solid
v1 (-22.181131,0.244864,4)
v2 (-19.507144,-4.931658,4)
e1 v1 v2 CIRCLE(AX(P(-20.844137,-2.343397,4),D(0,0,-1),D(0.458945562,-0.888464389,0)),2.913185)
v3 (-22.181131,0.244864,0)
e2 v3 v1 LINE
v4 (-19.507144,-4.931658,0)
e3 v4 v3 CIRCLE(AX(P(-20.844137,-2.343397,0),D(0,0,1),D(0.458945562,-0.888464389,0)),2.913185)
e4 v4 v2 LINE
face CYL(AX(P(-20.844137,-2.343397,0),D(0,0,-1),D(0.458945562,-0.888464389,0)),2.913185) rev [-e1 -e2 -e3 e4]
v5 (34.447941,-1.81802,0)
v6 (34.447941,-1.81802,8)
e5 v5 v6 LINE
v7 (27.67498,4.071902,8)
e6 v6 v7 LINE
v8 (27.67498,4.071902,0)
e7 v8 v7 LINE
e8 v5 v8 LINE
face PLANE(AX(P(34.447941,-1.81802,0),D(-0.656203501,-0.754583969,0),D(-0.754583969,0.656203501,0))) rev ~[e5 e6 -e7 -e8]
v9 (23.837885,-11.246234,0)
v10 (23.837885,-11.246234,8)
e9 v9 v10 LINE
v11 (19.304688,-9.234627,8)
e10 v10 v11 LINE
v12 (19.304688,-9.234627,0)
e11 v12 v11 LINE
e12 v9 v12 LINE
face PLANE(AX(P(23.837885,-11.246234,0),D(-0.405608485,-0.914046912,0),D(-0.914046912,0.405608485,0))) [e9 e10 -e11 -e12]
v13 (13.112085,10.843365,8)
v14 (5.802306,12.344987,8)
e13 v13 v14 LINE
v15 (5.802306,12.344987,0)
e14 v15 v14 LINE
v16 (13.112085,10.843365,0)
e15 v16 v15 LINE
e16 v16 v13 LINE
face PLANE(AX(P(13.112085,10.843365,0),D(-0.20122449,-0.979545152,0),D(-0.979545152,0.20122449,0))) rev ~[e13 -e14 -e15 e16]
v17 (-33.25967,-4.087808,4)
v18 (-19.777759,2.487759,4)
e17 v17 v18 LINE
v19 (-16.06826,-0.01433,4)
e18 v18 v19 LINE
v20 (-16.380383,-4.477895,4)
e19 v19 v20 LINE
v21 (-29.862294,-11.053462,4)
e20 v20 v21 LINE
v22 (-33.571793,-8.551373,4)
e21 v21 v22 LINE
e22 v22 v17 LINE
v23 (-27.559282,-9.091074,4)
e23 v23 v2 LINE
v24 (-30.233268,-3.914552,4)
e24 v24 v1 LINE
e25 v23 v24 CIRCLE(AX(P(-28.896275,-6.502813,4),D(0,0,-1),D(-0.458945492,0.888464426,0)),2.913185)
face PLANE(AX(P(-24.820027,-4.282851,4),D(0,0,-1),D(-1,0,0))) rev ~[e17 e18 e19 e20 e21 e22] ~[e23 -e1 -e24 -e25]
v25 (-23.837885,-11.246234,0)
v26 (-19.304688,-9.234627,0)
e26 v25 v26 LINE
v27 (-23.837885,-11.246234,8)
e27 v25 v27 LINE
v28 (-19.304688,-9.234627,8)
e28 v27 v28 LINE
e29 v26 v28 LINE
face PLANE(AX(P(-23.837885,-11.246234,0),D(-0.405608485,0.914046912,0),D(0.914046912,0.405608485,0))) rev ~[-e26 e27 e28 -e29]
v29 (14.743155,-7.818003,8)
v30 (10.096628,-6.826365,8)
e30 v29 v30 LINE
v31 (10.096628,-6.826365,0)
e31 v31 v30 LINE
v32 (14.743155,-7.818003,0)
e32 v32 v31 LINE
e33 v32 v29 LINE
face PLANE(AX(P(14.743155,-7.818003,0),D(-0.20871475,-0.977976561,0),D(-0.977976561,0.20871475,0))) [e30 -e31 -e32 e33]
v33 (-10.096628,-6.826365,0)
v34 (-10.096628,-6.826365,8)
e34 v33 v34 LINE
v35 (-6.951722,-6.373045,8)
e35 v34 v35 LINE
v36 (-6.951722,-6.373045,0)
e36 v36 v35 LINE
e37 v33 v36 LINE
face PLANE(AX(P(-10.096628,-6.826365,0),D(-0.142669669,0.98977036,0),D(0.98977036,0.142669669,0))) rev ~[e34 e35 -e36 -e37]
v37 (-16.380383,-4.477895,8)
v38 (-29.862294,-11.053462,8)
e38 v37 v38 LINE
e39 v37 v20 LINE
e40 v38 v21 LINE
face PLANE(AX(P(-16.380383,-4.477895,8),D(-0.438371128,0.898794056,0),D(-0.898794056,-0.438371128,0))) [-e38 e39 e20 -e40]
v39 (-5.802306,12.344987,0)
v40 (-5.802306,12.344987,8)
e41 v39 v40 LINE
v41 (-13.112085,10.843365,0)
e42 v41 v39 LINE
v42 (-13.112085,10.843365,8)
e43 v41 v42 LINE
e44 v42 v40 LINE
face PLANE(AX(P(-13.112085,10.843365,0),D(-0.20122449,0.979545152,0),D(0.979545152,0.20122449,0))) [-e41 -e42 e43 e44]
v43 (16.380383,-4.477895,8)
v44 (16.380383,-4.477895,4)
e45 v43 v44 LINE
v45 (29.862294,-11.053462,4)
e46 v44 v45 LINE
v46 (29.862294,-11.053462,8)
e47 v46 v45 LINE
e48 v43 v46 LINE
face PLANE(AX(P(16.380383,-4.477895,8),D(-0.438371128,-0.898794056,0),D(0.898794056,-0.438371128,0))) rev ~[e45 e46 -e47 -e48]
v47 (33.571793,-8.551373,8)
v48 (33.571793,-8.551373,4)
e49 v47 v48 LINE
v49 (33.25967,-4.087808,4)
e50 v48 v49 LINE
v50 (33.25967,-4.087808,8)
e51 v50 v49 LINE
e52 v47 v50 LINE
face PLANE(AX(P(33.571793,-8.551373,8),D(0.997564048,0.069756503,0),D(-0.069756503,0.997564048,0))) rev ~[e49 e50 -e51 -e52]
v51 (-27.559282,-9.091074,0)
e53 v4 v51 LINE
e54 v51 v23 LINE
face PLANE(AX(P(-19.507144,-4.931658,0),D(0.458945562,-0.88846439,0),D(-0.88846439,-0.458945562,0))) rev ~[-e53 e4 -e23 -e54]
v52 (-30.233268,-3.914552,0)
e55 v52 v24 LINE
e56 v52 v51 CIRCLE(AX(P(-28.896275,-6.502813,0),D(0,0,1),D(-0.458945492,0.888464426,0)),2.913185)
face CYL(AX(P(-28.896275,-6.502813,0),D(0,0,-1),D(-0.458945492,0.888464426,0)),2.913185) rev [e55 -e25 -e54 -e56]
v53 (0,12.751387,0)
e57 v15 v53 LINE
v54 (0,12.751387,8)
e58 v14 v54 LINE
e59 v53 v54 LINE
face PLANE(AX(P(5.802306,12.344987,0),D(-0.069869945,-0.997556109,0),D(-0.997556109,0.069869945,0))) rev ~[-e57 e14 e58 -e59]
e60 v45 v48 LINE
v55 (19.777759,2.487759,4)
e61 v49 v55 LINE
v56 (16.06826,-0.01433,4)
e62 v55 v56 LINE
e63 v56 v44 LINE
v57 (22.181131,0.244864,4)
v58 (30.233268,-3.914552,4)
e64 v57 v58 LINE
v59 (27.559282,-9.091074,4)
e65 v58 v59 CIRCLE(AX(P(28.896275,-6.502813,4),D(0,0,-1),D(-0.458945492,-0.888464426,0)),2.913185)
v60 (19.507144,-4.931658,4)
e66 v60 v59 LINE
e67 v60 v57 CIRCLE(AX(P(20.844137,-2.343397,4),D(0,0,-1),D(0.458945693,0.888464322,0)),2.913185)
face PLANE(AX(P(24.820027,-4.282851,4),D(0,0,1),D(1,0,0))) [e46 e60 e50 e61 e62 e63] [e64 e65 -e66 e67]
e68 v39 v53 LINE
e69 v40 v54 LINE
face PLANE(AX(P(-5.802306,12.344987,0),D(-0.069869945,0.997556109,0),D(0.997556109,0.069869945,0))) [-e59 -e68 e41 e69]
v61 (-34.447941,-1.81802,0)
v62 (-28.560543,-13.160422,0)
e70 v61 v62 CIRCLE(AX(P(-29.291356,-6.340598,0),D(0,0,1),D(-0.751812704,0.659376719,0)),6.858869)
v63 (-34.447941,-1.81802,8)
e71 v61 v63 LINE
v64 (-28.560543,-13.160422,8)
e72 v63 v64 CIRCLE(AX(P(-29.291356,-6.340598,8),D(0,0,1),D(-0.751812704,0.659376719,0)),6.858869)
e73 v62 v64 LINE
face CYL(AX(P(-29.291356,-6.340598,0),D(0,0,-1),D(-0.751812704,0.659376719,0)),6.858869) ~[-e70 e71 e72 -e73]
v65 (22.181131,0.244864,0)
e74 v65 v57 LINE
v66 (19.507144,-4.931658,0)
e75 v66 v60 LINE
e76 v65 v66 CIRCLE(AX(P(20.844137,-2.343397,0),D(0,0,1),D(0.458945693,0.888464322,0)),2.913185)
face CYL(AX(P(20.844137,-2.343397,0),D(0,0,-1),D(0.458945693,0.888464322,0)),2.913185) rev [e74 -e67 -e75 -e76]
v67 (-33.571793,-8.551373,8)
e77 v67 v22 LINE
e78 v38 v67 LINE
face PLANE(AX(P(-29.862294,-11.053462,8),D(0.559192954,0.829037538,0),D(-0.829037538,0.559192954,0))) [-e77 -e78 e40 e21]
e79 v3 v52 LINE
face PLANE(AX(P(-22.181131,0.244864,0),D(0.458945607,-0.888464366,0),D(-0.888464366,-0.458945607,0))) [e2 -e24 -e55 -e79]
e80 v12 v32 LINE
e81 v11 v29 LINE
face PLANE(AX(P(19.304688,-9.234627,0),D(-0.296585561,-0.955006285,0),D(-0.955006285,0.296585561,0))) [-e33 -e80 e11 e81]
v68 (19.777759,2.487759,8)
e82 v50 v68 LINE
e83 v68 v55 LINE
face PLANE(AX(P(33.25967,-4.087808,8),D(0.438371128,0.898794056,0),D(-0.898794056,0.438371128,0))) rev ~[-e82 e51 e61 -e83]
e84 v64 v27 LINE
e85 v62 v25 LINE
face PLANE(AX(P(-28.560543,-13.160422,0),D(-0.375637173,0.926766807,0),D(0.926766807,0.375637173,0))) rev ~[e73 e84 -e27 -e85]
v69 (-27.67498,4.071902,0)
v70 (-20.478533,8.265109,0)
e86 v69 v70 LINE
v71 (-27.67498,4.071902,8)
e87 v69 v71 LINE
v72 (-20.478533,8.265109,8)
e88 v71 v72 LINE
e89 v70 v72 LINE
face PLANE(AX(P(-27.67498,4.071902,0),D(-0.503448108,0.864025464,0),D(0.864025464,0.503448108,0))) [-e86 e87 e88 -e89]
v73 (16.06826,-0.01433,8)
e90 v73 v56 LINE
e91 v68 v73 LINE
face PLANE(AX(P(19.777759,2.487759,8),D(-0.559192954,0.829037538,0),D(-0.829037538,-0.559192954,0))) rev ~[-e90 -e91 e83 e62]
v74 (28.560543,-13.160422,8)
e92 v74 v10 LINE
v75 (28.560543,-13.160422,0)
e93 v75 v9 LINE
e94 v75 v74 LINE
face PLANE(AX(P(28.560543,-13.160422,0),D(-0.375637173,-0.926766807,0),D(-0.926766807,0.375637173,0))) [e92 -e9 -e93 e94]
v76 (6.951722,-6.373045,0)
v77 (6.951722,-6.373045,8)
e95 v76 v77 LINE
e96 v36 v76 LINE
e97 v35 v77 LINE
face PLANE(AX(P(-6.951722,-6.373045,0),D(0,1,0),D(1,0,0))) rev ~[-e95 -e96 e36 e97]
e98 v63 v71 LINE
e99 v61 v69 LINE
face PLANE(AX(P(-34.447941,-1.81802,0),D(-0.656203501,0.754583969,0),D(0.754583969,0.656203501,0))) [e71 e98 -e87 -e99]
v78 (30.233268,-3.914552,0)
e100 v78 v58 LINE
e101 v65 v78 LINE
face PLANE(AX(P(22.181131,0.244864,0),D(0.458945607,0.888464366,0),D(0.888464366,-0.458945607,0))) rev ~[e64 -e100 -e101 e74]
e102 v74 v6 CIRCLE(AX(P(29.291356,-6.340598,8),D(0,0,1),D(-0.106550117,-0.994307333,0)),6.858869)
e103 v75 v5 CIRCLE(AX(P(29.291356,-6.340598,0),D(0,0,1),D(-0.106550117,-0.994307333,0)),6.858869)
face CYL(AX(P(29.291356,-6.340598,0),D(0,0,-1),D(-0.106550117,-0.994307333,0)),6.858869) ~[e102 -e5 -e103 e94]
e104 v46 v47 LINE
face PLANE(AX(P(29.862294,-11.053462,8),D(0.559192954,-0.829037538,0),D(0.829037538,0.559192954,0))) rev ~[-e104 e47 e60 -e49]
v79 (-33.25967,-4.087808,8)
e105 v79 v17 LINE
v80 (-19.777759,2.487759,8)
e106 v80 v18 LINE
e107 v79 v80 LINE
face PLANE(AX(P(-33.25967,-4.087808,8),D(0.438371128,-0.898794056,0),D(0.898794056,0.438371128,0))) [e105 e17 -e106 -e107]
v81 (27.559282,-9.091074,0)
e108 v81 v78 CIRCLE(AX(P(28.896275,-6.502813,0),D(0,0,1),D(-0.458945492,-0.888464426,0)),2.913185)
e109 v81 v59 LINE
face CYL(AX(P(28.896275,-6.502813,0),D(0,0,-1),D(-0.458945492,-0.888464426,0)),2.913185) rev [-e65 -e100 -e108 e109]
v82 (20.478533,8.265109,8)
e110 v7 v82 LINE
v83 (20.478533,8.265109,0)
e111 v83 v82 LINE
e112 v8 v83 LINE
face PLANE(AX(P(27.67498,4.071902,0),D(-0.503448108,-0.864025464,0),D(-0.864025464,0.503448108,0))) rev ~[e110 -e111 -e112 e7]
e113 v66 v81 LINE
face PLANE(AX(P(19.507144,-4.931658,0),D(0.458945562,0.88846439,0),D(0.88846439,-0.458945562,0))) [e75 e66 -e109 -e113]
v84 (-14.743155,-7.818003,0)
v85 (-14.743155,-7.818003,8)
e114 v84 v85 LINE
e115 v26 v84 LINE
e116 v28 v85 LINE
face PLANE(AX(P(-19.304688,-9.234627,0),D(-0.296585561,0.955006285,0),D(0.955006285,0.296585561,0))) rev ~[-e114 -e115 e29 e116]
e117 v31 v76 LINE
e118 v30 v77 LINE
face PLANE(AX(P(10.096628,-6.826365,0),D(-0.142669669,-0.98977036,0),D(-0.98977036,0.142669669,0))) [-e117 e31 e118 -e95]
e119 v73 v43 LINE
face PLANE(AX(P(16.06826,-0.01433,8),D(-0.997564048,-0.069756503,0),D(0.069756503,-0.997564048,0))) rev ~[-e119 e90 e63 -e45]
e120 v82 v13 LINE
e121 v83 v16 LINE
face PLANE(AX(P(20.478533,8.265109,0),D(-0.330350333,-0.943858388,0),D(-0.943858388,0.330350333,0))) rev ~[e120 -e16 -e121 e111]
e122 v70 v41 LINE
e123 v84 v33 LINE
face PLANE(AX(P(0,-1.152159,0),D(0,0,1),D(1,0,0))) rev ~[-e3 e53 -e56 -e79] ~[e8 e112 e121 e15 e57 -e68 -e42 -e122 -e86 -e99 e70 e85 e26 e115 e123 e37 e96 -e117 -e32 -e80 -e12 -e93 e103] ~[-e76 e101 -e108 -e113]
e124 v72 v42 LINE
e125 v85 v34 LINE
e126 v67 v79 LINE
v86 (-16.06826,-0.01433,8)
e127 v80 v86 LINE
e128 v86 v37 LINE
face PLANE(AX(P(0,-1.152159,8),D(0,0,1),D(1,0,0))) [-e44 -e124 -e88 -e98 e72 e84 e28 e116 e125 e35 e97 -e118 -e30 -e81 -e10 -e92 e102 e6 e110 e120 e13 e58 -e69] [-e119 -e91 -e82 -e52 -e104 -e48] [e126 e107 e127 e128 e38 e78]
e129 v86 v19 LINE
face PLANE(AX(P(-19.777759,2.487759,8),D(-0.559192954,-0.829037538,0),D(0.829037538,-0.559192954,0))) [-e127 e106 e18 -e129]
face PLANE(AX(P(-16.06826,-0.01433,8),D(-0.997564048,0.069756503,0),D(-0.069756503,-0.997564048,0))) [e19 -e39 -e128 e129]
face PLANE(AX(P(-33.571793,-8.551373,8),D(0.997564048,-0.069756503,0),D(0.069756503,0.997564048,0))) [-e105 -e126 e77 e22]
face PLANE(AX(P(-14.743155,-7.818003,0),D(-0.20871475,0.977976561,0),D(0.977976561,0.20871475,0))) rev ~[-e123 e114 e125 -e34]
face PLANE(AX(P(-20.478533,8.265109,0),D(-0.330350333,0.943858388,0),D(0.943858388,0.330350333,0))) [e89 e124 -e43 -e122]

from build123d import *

# Parameters (mm, degrees)
PAD_DEPTH    = 8
POCKET_DEPTH = 4


with BuildPart() as part:
    # Sketch001 → Pad (new body)
    with BuildSketch(Plane.XY):
        with BuildLine():
            ThreePointArc((-34.447941, -1.81802), (-35.378998, -9.500456), (-28.560543, -13.160422))
            Line((-28.560543, -13.160422), (-23.837885, -11.246234))
            Line((-23.837885, -11.246234), (-19.304688, -9.234627))
            Line((-19.304688, -9.234627), (-14.743155, -7.818003))
            Line((-14.743155, -7.818003), (-10.096628, -6.826365))
            Line((-10.096628, -6.826365), (-6.951722, -6.373045))
            Line((-6.951722, -6.373045), (0, -6.373045))
            Line((6.951722, -6.373045), (0, -6.373045))
            Line((10.096628, -6.826365), (6.951722, -6.373045))
            Line((14.743155, -7.818003), (10.096628, -6.826365))
            Line((19.304688, -9.234627), (14.743155, -7.818003))
            Line((23.837885, -11.246234), (19.304688, -9.234627))
            Line((28.560543, -13.160422), (23.837885, -11.246234))
            ThreePointArc((28.560543, -13.160422), (35.378998, -9.500456), (34.447941, -1.81802))
            Line((34.447941, -1.81802), (27.67498, 4.071902))
            Line((27.67498, 4.071902), (20.478533, 8.265109))
            Line((20.478533, 8.265109), (13.112085, 10.843365))
            Line((13.112085, 10.843365), (5.802306, 12.344987))
            Line((5.802306, 12.344987), (0, 12.751387))
            Line((-5.802306, 12.344987), (0, 12.751387))
            Line((-13.112085, 10.843365), (-5.802306, 12.344987))
            Line((-20.478533, 8.265109), (-13.112085, 10.843365))
            Line((-27.67498, 4.071902), (-20.478533, 8.265109))
            Line((-34.447941, -1.81802), (-27.67498, 4.071902))
        make_face()
        with BuildLine():
            ThreePointArc((-19.507144, -4.931658), (-18.255876, -1.006404), (-22.181131, 0.244864))
            Line((-22.181131, 0.244864), (-30.233268, -3.914552))
            ThreePointArc((-30.233268, -3.914552), (-31.484536, -7.839806), (-27.559282, -9.091074))
            Line((-19.507144, -4.931658), (-27.559282, -9.091074))
        make_face(mode=Mode.SUBTRACT)
        with BuildLine():
            ThreePointArc((22.181131, 0.244864), (18.255876, -1.006404), (19.507144, -4.931658))
            Line((19.507144, -4.931658), (27.559282, -9.091074))
            ThreePointArc((27.559282, -9.091074), (31.484536, -7.839806), (30.233268, -3.914552))
            Line((22.181131, 0.244864), (30.233268, -3.914552))
        make_face(mode=Mode.SUBTRACT)
    extrude(amount=PAD_DEPTH)

    # Sketch003 → Pocket (cut)
    with BuildSketch(Plane.XY.offset(8)):
        Polygon((33.25967, -4.087808), (19.777759, 2.487759), (16.06826, -0.01433), (16.380383, -4.477895), (29.862294, -11.053462), (33.571793, -8.551373), align=None)
        Polygon((-33.25967, -4.087808), (-19.777759, 2.487759), (-16.06826, -0.01433), (-16.380383, -4.477895), (-29.862294, -11.053462), (-33.571793, -8.551373), align=None)
    extrude(amount=-POCKET_DEPTH, mode=Mode.SUBTRACT)


solid = part.part
